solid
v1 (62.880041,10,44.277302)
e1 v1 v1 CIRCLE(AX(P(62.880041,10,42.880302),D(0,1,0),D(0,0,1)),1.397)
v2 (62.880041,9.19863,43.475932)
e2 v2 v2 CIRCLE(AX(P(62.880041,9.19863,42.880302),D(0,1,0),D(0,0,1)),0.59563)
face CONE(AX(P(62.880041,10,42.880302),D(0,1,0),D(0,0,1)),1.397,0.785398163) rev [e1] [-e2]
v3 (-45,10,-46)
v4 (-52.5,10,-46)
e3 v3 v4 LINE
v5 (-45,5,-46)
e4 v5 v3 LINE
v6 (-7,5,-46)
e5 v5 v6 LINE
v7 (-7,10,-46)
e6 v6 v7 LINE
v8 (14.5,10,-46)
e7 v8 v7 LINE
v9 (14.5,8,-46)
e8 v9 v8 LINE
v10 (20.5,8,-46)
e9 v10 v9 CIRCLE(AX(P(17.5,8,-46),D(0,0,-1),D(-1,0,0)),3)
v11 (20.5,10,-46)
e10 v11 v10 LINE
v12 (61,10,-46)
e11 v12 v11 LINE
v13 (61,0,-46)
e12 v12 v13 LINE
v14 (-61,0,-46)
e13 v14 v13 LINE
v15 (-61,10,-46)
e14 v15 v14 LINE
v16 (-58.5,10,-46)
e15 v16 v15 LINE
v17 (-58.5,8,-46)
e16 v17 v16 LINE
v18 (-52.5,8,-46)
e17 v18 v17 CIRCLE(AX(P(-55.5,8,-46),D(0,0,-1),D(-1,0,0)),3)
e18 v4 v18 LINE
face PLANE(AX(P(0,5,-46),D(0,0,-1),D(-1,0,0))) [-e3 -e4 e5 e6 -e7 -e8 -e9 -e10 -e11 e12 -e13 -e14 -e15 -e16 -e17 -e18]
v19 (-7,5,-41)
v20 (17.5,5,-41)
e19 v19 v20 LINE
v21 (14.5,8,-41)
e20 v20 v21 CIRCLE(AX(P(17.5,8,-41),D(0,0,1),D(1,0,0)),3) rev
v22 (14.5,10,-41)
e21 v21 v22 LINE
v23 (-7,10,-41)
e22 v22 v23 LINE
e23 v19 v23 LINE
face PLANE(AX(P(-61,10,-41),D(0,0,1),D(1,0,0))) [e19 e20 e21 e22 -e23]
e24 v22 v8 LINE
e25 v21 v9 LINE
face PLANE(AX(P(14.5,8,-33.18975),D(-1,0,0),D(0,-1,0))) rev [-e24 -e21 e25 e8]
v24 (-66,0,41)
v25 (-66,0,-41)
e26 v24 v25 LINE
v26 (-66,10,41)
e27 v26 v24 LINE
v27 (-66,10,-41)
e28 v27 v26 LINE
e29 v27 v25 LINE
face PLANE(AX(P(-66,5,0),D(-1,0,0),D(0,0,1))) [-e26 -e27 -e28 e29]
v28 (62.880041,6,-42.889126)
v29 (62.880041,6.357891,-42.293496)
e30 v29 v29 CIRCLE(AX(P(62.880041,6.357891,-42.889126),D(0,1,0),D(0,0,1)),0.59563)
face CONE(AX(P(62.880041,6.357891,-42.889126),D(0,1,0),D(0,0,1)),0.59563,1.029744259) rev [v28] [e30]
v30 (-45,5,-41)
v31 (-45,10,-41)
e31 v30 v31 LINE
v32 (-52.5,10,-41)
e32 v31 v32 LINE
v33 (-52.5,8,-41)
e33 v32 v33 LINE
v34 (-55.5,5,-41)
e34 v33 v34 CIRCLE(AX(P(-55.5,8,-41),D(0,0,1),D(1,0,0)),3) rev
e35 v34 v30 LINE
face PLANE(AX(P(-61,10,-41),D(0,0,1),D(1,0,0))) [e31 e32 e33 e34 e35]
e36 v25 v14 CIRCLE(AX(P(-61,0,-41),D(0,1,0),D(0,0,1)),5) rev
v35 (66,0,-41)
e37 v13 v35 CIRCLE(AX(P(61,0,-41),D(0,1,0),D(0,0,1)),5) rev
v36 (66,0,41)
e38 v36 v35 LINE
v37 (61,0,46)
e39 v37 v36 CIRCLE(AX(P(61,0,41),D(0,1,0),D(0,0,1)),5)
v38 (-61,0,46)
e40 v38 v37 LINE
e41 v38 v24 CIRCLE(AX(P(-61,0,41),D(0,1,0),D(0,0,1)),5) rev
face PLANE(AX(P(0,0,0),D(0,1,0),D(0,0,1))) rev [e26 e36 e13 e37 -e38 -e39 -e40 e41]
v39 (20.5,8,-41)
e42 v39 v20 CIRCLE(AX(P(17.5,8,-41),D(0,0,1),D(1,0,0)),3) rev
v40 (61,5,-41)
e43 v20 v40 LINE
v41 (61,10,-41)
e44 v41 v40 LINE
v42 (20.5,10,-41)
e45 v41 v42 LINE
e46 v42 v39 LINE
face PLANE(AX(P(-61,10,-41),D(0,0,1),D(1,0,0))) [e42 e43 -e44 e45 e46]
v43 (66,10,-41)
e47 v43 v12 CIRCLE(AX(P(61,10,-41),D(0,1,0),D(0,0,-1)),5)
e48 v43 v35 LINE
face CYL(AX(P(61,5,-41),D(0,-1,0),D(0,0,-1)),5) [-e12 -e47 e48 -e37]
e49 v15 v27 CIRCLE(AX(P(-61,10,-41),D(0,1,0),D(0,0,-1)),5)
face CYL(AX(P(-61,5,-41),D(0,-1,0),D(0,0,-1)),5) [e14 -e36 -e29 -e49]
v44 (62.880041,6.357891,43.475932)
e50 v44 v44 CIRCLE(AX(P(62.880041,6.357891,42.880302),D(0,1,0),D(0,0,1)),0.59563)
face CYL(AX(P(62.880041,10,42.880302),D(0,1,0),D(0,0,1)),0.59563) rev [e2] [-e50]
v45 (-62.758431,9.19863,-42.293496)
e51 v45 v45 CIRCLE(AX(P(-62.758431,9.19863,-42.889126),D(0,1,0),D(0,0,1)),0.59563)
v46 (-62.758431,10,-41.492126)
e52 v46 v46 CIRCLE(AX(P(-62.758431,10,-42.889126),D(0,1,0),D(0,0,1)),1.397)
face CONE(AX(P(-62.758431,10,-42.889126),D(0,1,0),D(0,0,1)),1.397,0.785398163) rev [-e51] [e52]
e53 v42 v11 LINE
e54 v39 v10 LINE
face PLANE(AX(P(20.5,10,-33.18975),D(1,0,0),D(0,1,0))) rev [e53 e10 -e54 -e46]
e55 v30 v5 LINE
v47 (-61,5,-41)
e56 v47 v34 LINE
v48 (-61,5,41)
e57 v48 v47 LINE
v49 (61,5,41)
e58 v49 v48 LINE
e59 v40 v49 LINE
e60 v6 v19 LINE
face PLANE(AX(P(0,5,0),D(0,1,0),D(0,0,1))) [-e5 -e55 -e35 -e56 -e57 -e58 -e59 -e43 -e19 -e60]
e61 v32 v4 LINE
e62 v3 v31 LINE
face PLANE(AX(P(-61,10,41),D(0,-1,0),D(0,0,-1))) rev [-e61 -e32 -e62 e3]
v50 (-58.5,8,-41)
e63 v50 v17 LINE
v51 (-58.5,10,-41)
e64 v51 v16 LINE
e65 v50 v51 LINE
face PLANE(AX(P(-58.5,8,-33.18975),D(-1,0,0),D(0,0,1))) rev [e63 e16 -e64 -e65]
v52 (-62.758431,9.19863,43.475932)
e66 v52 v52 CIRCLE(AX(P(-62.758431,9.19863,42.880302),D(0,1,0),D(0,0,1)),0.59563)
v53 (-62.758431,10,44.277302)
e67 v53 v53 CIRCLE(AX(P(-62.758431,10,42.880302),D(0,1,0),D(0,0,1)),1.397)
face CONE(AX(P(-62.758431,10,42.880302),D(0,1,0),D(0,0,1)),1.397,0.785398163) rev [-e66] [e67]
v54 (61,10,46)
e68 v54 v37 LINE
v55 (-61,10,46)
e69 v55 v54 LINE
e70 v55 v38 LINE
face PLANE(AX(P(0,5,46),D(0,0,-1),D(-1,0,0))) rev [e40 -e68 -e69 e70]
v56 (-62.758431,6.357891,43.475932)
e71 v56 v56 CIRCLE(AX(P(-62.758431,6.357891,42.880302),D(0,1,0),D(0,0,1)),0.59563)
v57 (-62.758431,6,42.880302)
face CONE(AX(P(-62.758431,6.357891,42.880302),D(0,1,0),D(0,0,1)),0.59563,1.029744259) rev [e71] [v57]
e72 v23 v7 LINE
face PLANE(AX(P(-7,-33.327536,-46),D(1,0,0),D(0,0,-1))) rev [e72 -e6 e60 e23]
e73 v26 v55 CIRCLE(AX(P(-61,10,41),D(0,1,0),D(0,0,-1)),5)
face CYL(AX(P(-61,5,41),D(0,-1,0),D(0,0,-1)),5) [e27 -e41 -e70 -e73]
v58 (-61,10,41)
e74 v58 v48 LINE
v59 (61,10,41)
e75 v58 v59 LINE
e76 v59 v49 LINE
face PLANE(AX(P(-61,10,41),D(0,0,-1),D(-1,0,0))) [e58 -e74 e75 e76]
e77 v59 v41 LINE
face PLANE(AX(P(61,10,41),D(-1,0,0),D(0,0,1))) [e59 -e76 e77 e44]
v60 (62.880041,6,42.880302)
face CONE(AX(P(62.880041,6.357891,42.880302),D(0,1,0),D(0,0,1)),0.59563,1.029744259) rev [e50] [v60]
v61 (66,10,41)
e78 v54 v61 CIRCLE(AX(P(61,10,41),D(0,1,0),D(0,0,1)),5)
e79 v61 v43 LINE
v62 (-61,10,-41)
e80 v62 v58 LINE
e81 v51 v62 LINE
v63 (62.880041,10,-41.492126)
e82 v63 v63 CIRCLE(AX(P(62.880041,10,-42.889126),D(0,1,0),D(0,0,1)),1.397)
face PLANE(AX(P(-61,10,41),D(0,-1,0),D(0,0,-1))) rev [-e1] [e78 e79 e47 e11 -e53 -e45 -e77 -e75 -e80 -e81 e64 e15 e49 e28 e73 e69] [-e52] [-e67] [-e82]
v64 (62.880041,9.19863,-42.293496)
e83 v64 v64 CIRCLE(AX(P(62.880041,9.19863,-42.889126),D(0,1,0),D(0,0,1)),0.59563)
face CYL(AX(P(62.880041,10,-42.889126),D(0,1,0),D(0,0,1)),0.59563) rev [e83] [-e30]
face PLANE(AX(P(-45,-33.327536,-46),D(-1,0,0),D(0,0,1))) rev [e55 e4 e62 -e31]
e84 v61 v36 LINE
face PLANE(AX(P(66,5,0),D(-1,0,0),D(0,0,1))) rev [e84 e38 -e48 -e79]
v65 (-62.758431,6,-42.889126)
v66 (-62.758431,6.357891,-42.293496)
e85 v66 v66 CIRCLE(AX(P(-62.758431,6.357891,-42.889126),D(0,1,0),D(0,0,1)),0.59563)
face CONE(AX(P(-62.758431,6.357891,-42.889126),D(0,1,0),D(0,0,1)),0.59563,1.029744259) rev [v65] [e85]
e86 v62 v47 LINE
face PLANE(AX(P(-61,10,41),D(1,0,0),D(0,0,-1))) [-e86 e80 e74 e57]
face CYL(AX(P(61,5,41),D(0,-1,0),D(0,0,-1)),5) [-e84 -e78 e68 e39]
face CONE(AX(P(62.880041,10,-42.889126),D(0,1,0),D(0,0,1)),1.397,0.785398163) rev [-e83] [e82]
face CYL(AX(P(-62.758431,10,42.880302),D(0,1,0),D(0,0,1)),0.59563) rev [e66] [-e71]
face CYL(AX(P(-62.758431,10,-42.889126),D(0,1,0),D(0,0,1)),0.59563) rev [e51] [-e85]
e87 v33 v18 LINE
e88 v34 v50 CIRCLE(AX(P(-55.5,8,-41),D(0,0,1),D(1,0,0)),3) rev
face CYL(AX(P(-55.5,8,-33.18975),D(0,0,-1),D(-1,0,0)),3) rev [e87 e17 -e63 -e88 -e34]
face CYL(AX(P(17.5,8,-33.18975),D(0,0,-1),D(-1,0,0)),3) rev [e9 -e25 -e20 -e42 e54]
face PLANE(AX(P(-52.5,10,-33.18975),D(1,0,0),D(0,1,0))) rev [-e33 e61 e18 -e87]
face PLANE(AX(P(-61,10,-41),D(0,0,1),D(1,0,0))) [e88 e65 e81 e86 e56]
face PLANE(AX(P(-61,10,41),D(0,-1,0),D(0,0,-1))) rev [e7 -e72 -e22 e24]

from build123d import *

# Parameters (mm, degrees)
SKETCH2_W                       = 122
SKETCH2_H                       = 82
BOSS_EXTRUDE1_DEPTH             = 5
SKETCH2_3_W                     = 122
SKETCH2_3_H                     = 82
BOSS_EXTRUDE2_DEPTH             = 10
F_0_80_TAPPED_HOLE1_D           = 1.19126
F_0_80_TAPPED_HOLE1_DEPTH       = 3.642109389
F_0_80_TAPPED_HOLE1_CSINK_D     = 2.794
F_0_80_TAPPED_HOLE1_CSINK_ANGLE = 90
F_0_80_TAPPED_HOLE1_TIP         = 0.357890611
SKETCH8_W                       = 38
SKETCH8_H                       = 5
CUT_EXTRUDE1_DEPTH              = 5
CUT_EXTRUDE2_DEPTH              = 5
CUT_EXTRUDE3_DEPTH              = 5


with BuildPart() as part:
    # Sketch2 → Boss-Extrude1 (new body)
    # profile 1 of 2: a face of its own
    with BuildSketch(Plane(origin=(0, 0, 0), x_dir=(1, 0, 0), z_dir=(0, 1, 0))):
        with BuildLine():
            ThreePointArc((-66, 41), (-64.535533906, 44.535533906), (-61, 46))
            Line((-61, 46), (61, 46))
            ThreePointArc((61, 46), (64.535533906, 44.535533906), (66, 41))
            Line((66, 41), (66, -41))
            ThreePointArc((66, -41), (64.535533906, -44.535533906), (61, -46))
            Line((61, -46), (-61, -46))
            ThreePointArc((-61, -46), (-64.535533906, -44.535533906), (-66, -41))
            Line((-66, -41), (-66, 41))
        make_face()
        Rectangle(SKETCH2_W, SKETCH2_H, mode=Mode.SUBTRACT)
    # profile 2 of 2: a face of its own
    with BuildSketch(Plane(origin=(0, 0, 0), x_dir=(1, 0, 0), z_dir=(0, 1, 0))):
        Rectangle(SKETCH2_W, SKETCH2_H)
    extrude(amount=BOSS_EXTRUDE1_DEPTH)

    # Sketch2<3> → Boss-Extrude2 (add)
    with BuildSketch(Plane(origin=(0, 0, 0), x_dir=(1, 0, 0), z_dir=(0, 1, 0))):
        with BuildLine():
            Line((-61, -46), (61, -46))
            ThreePointArc((61, -46), (64.535533906, -44.535533906), (66, -41))
            Line((66, -41), (66, 41))
            ThreePointArc((66, 41), (64.535533906, 44.535533906), (61, 46))
            Line((61, 46), (-61, 46))
            ThreePointArc((-61, 46), (-64.535533906, 44.535533906), (-66, 41))
            Line((-66, 41), (-66, -41))
            ThreePointArc((-66, -41), (-64.535533906, -44.535533906), (-61, -46))
        make_face()
        Rectangle(SKETCH2_3_W, SKETCH2_3_H, mode=Mode.SUBTRACT)
    extrude(amount=BOSS_EXTRUDE2_DEPTH)

    # #0-80 Tapped Hole1
    with Locations(Plane(origin=(62.880041054, 10, -42.889125675), x_dir=(0, 0, 1), z_dir=(0, 1, 0))):
        with Locations((0, 0), (85.769428086, 0), (0, -125.638471979), (85.769428086, -125.638471979)):
            CounterSinkHole(F_0_80_TAPPED_HOLE1_D / 2, F_0_80_TAPPED_HOLE1_CSINK_D / 2, depth=F_0_80_TAPPED_HOLE1_DEPTH, counter_sink_angle=F_0_80_TAPPED_HOLE1_CSINK_ANGLE)
            with Locations((0, 0, -(F_0_80_TAPPED_HOLE1_DEPTH + F_0_80_TAPPED_HOLE1_TIP / 2))):  # 118° drill point
                Cone(0, F_0_80_TAPPED_HOLE1_D / 2, F_0_80_TAPPED_HOLE1_TIP, mode=Mode.SUBTRACT)

    # Sketch8 → Cut-Extrude1 (cut)
    with BuildSketch(Plane(origin=(0, 10, 0), x_dir=(1, 0, 0), z_dir=(0, 1, 0))):
        with Locations((-26, 43.5)):
            Rectangle(SKETCH8_W, SKETCH8_H)
    extrude(amount=-CUT_EXTRUDE1_DEPTH, mode=Mode.SUBTRACT)

    # Sketch9 → Cut-Extrude2 (cut)
    with BuildSketch(Plane(origin=(0, 0, -46), x_dir=(-1, 0, 0), z_dir=(0, 0, -1))):
        with BuildLine():
            Line((-20.5, 10), (-20.5, 8))
            ThreePointArc((-20.5, 8), (-17.5, 5), (-14.5, 8))
            Line((-14.5, 8), (-14.5, 10))
            Line((-14.5, 10), (-20.5, 10))
        make_face()
    extrude(amount=-CUT_EXTRUDE2_DEPTH, mode=Mode.SUBTRACT)

    # Sketch10 → Cut-Extrude3 (cut)
    with BuildSketch(Plane(origin=(0, 0, -46), x_dir=(-1, 0, 0), z_dir=(0, 0, -1))):
        with BuildLine():
            Line((52.5, 10), (52.5, 8))
            ThreePointArc((52.5, 8), (55.5, 5), (58.5, 8))
            Line((58.5, 8), (58.5, 10))
            Line((58.5, 10), (52.5, 10))
        make_face()
    extrude(amount=-CUT_EXTRUDE3_DEPTH, mode=Mode.SUBTRACT)


solid = part.part
